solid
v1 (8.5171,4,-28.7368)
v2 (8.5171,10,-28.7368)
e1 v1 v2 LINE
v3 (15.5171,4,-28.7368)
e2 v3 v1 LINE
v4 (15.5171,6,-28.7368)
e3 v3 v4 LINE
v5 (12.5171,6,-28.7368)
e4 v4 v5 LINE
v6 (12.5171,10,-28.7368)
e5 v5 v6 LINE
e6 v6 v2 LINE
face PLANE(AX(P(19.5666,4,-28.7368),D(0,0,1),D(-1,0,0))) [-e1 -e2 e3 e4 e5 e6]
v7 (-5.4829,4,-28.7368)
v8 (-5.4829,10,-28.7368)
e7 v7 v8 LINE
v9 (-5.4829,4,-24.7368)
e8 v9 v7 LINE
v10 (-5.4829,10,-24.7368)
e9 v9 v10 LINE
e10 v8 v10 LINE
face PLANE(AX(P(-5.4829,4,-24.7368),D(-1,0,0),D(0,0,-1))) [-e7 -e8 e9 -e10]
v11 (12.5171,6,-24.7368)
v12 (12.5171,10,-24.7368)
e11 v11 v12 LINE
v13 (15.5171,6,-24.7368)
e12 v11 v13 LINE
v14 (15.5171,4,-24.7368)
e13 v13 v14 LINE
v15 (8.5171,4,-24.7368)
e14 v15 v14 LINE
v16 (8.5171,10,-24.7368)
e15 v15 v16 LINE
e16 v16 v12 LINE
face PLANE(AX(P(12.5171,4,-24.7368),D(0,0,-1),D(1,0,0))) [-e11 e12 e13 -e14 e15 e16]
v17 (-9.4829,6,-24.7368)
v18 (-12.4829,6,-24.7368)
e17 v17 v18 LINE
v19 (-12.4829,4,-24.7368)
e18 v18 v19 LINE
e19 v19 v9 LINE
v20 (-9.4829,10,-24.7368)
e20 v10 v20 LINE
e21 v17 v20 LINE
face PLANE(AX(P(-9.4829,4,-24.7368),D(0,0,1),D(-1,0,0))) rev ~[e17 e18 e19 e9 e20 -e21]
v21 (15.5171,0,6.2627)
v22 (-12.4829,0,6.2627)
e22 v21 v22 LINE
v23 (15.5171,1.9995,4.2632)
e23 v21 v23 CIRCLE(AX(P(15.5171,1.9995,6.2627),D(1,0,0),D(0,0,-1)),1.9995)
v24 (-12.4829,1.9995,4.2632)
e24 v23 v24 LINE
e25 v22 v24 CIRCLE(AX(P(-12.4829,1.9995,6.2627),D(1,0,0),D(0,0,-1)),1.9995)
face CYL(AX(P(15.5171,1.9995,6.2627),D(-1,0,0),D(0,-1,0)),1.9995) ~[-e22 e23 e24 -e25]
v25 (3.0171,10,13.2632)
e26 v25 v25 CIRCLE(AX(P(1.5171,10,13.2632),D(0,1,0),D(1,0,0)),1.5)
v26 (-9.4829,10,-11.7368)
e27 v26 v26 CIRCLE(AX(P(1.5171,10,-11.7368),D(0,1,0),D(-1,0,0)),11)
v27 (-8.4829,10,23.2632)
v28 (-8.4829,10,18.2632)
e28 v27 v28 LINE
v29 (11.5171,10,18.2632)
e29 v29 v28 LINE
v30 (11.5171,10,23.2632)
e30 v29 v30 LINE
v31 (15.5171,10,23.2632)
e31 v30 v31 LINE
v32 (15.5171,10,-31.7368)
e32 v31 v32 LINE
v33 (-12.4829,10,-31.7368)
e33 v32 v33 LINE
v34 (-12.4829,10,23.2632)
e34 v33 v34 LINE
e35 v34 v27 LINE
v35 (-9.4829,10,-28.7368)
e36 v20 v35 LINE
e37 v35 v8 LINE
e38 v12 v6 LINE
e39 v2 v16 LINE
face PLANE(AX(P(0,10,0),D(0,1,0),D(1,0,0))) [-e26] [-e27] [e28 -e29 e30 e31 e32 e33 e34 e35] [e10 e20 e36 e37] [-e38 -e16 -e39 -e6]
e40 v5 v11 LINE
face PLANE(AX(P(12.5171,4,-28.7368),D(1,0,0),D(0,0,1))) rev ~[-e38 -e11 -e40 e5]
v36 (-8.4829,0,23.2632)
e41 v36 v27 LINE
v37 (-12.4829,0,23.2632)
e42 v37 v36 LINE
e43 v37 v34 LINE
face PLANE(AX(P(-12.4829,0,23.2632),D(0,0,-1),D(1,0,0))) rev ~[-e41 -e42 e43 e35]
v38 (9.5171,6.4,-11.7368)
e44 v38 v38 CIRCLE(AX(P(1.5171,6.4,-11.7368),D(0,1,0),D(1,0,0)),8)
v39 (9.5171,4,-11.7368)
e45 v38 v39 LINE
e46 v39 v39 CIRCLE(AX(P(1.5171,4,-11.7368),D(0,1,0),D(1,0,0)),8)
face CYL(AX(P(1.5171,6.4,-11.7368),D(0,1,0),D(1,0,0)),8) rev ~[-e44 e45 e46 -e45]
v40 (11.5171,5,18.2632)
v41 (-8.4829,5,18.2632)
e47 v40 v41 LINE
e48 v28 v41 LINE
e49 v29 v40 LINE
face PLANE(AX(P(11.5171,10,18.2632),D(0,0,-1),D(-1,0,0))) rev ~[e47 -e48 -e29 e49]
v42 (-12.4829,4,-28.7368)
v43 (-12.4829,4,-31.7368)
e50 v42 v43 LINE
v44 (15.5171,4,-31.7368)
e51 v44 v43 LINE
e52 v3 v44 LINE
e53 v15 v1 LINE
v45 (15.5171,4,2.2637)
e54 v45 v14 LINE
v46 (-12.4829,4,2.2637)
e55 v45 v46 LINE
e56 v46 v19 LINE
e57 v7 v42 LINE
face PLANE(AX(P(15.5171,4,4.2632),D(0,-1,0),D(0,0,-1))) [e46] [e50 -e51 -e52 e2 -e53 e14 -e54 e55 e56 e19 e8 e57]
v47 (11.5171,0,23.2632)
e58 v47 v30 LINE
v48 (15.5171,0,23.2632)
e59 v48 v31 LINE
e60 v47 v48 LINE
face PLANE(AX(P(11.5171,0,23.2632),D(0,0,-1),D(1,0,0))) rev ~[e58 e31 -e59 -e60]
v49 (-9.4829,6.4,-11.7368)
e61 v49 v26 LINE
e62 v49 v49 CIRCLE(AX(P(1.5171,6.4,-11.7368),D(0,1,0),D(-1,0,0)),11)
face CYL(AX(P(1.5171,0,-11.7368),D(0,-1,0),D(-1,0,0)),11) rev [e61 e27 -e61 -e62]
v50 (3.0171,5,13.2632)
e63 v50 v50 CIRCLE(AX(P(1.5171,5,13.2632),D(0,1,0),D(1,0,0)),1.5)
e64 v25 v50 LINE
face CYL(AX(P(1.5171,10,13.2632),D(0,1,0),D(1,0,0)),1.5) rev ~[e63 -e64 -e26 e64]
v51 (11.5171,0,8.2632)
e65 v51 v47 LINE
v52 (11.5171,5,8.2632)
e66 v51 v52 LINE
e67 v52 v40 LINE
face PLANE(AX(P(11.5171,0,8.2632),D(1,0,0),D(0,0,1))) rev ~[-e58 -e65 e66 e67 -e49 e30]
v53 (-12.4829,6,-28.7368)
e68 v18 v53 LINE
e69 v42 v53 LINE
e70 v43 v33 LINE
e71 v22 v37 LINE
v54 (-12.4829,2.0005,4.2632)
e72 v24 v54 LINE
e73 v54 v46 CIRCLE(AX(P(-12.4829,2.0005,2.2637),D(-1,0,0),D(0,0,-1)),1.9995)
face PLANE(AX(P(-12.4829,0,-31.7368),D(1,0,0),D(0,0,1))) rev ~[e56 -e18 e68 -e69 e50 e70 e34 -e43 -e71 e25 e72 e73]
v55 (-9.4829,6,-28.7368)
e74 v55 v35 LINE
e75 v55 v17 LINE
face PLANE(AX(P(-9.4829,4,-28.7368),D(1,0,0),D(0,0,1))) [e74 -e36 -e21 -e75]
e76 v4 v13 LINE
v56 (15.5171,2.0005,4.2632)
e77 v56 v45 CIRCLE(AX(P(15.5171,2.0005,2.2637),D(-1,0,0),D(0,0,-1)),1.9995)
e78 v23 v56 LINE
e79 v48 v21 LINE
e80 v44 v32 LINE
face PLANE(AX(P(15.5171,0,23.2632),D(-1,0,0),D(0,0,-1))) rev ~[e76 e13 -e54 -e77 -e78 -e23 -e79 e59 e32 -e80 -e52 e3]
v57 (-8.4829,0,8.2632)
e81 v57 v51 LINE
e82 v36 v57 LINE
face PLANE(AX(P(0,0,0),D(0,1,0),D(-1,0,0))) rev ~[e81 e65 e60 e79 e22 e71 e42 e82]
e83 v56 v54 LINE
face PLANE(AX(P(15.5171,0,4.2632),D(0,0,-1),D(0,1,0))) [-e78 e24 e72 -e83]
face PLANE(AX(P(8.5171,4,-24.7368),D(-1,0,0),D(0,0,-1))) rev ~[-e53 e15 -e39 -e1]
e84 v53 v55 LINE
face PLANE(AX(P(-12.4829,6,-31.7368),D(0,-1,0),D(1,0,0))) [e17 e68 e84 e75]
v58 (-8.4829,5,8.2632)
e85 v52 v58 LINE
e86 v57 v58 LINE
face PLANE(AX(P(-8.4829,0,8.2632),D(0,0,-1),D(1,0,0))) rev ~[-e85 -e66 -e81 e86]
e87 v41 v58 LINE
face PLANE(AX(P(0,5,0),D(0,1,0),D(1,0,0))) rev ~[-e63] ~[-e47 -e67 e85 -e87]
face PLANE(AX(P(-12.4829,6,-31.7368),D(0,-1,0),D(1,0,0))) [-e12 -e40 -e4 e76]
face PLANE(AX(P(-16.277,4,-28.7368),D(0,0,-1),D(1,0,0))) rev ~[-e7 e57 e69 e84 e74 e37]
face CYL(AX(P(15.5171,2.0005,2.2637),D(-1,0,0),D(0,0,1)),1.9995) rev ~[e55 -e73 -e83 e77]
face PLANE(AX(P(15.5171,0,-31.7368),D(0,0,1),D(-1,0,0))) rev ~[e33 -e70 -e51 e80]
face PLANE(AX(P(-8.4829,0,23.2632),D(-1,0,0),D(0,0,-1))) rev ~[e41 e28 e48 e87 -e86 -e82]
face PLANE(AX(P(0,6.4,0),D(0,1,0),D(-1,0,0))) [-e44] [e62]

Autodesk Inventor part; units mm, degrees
ref_plane "YZ Plane" through (0, 0, 0) normal (1, 0, 0) x (0, 1, 0)
ref_plane "XZ Plane" through (0, 0, 0) normal (0, 1, 0) x (-1, 0, 0)
ref_plane "XY Plane" through (0, 0, 0) normal (0, 0, 1) x (1, 0, 0)
sketch "Sketch1" plane through (0, 0, 0) normal (0, 1, 0) x (-1, 0, 0)
  line L0 (-1.5171, 15.4904) -> (-1.5171, -24.1277) construction
  line L1 (12.4829, 23.2632) -> (-15.5171, 23.2632)
  line L2 (-15.5171, 23.2632) -> (-15.5171, -31.7368)
  line L3 (-15.5171, -31.7368) -> (12.4829, -31.7368)
  line L4 (12.4829, -31.7368) -> (12.4829, 23.2632)
  line L5 (1.173, -11.7368) -> (-5.6801, -11.7368) construction
  circle A0 centre (-1.5171, -11.7368) radius 11
  line L6 (8.4829, 8.2632) -> (-11.5171, 8.2632)
  line L7 (-11.5171, 8.2632) -> (-11.5171, 23.2632)
  line L8 (-11.5171, 23.2632) -> (8.4829, 23.2632)
  line L9 (8.4829, 23.2632) -> (8.4829, 8.2632)
  point P0 (0, 0)
  dimension "d0" = 22
  dimension "d1" = 28
  dimension "d2" = 20
  dimension "d3" = 15
  dimension "d4" = 20
  dimension "d16" = 55
extrude "Extrusion1" add sketch "Sketch1" along normal blind 10 contours L4 L3 L2 L1 L7 L6 L9
extrude "Extrusion2" add sketch "Sketch1" along normal blind 6.4 contours A0
sketch "Sketch2" plane through (0, 10, 0) normal (0, 1, 0) x (1, 0, 0)
  line L0 (11.5171, -8.2632) -> (-8.4829, -8.2632) projected
  line L1 (-8.4829, -8.2632) -> (11.5171, -8.2632)
  line L2 (11.5171, -8.2632) -> (11.5171, -18.2632)
  line L3 (11.5171, -18.2632) -> (-8.4829, -18.2632)
  line L4 (-8.4829, -18.2632) -> (-8.4829, -8.2632)
  point P0 (0, 0)
  dimension "d9" = 10
extrude "Extrusion3" add sketch "Sketch2" against normal blind 5
sketch "Sketch3" plane through (15.5171, 0, 23.2632) normal (1, 0, 0) x (0, 0, -1)
  line L0 (0, 0) -> (55, 0) construction
  line L1 (55, 0) -> (55, 10) construction
  line L2 (0, 10) -> (55, 10) construction
  line L3 (0, 0) -> (0, 10) construction
  line L4 (55, 0) -> (19, 0)
  line L5 (19, 0) -> (19, 4)
  line L6 (19, 4) -> (55, 4)
  line L7 (55, 4) -> (55, 0)
  line L8 (24, 6.4) -> (46, 6.4) construction
  line L9 (24, 10) -> (46, 10) construction
  point P0 (23.2632, 0)
  dimension "d12" = 6
  dimension "d17" = 5
extrude "Extrusion4" cut sketch "Sketch3" against normal through all
sketch "Sketch4" plane through (15.5171, 4, -31.7368) normal (0, -1, 0) x (1, 0, 0)
  line L0 (1.7907, 5) -> (-31.4365, 5) construction
  line L1 (0, 0) -> (-28, 0) construction
  line L2 (-3, 7) -> (-7, 7)
  line L3 (-7, 7) -> (-7, 3)
  line L4 (-7, 3) -> (-3, 3)
  line L5 (-3, 3) -> (-3, 7)
  line L6 (-5, 9.5929) -> (-5, 0.7775) construction
  line L7 (0, 36) -> (0, 0) construction
  line L8 (-14, 47.2272) -> (-14, 7.6092) construction
  line L9 (-25, 7) -> (-21, 7)
  line L10 (-21, 7) -> (-21, 3)
  line L11 (-21, 3) -> (-25, 3)
  line L12 (-25, 3) -> (-25, 7)
  point P0 (-15.5171, 31.7368)
  dimension "d18" = 5
  dimension "d19" = 4
  dimension "d20" = 5
extrude "Extrusion5" cut sketch "Sketch4" against normal through all
fillet "Fillet1" radius 2 2 edges at (1.5171, 4, 4.2632) (1.5171, 0, 4.2632)
sketch "Sketch5" plane through (0, 10, 0) normal (0, 1, 0) x (1, 0, 0)
  line L0 (11.5171, -18.2632) -> (-8.4829, -18.2632) construction
  line L1 (1.5171, -18.2632) -> (1.5171, -0.9417) construction
  circle A0 centre (1.5171, -13.2632) radius 1.5
  point P0 (0, 0)
  dimension "d24" = 3
  dimension "d25" = 5
extrude "Extrusion6" cut sketch "Sketch5" against normal through all
sketch "Sketch6" plane through (1.5171, 6.4, -11.7368) normal (0, 1, 0) x (1, 0, 0)
  circle A0 centre (0, 0) radius 11 construction
  circle A1 centre (0, 0) radius 8
  point P0 (-1.5171, -11.7368)
  dimension "d28" = 3
extrude "Extrusion7" cut sketch "Sketch6" against normal through all
sketch "Sketch8" plane through (-12.4829, 4, -31.7368) normal (0, -1, 0) x (1, 0, 0)
  circle A0 centre (14, 20) radius 8 construction
  line L0 (0, 34) -> (28, 34) construction
  line L1 (0, 0) -> (0, 34) construction
  line L2 (28, 0) -> (0, 0) construction
  line L3 (28, 34) -> (28, 0) construction
  line L4 (21, 3) -> (21, 7) construction
  line L5 (21, 7) -> (25, 7) construction
  line L6 (25, 7) -> (25, 3) construction
  line L7 (25, 3) -> (21, 3) construction
  line L8 (3, 3) -> (3, 7) construction
  line L9 (3, 7) -> (7, 7) construction
  line L10 (7, 7) -> (7, 3) construction
  line L11 (7, 3) -> (3, 3) construction
  line L12 (3, 7) -> (-3.7941, 7)
  line L13 (-3.7941, 7) -> (-3.7941, 3)
  line L14 (-3.7941, 3) -> (3, 3)
  line L15 (3, 3) -> (3, 7)
  line L16 (25, 7) -> (32.0495, 7)
  line L17 (32.0495, 7) -> (32.0495, 3)
  line L18 (32.0495, 3) -> (25, 3)
  line L19 (25, 3) -> (25, 7)
  point P0 (12.4829, 31.7368)
extrude "Extrusion9" cut sketch "Sketch8" against normal blind 2
properties part number "PISTON_bearing"
